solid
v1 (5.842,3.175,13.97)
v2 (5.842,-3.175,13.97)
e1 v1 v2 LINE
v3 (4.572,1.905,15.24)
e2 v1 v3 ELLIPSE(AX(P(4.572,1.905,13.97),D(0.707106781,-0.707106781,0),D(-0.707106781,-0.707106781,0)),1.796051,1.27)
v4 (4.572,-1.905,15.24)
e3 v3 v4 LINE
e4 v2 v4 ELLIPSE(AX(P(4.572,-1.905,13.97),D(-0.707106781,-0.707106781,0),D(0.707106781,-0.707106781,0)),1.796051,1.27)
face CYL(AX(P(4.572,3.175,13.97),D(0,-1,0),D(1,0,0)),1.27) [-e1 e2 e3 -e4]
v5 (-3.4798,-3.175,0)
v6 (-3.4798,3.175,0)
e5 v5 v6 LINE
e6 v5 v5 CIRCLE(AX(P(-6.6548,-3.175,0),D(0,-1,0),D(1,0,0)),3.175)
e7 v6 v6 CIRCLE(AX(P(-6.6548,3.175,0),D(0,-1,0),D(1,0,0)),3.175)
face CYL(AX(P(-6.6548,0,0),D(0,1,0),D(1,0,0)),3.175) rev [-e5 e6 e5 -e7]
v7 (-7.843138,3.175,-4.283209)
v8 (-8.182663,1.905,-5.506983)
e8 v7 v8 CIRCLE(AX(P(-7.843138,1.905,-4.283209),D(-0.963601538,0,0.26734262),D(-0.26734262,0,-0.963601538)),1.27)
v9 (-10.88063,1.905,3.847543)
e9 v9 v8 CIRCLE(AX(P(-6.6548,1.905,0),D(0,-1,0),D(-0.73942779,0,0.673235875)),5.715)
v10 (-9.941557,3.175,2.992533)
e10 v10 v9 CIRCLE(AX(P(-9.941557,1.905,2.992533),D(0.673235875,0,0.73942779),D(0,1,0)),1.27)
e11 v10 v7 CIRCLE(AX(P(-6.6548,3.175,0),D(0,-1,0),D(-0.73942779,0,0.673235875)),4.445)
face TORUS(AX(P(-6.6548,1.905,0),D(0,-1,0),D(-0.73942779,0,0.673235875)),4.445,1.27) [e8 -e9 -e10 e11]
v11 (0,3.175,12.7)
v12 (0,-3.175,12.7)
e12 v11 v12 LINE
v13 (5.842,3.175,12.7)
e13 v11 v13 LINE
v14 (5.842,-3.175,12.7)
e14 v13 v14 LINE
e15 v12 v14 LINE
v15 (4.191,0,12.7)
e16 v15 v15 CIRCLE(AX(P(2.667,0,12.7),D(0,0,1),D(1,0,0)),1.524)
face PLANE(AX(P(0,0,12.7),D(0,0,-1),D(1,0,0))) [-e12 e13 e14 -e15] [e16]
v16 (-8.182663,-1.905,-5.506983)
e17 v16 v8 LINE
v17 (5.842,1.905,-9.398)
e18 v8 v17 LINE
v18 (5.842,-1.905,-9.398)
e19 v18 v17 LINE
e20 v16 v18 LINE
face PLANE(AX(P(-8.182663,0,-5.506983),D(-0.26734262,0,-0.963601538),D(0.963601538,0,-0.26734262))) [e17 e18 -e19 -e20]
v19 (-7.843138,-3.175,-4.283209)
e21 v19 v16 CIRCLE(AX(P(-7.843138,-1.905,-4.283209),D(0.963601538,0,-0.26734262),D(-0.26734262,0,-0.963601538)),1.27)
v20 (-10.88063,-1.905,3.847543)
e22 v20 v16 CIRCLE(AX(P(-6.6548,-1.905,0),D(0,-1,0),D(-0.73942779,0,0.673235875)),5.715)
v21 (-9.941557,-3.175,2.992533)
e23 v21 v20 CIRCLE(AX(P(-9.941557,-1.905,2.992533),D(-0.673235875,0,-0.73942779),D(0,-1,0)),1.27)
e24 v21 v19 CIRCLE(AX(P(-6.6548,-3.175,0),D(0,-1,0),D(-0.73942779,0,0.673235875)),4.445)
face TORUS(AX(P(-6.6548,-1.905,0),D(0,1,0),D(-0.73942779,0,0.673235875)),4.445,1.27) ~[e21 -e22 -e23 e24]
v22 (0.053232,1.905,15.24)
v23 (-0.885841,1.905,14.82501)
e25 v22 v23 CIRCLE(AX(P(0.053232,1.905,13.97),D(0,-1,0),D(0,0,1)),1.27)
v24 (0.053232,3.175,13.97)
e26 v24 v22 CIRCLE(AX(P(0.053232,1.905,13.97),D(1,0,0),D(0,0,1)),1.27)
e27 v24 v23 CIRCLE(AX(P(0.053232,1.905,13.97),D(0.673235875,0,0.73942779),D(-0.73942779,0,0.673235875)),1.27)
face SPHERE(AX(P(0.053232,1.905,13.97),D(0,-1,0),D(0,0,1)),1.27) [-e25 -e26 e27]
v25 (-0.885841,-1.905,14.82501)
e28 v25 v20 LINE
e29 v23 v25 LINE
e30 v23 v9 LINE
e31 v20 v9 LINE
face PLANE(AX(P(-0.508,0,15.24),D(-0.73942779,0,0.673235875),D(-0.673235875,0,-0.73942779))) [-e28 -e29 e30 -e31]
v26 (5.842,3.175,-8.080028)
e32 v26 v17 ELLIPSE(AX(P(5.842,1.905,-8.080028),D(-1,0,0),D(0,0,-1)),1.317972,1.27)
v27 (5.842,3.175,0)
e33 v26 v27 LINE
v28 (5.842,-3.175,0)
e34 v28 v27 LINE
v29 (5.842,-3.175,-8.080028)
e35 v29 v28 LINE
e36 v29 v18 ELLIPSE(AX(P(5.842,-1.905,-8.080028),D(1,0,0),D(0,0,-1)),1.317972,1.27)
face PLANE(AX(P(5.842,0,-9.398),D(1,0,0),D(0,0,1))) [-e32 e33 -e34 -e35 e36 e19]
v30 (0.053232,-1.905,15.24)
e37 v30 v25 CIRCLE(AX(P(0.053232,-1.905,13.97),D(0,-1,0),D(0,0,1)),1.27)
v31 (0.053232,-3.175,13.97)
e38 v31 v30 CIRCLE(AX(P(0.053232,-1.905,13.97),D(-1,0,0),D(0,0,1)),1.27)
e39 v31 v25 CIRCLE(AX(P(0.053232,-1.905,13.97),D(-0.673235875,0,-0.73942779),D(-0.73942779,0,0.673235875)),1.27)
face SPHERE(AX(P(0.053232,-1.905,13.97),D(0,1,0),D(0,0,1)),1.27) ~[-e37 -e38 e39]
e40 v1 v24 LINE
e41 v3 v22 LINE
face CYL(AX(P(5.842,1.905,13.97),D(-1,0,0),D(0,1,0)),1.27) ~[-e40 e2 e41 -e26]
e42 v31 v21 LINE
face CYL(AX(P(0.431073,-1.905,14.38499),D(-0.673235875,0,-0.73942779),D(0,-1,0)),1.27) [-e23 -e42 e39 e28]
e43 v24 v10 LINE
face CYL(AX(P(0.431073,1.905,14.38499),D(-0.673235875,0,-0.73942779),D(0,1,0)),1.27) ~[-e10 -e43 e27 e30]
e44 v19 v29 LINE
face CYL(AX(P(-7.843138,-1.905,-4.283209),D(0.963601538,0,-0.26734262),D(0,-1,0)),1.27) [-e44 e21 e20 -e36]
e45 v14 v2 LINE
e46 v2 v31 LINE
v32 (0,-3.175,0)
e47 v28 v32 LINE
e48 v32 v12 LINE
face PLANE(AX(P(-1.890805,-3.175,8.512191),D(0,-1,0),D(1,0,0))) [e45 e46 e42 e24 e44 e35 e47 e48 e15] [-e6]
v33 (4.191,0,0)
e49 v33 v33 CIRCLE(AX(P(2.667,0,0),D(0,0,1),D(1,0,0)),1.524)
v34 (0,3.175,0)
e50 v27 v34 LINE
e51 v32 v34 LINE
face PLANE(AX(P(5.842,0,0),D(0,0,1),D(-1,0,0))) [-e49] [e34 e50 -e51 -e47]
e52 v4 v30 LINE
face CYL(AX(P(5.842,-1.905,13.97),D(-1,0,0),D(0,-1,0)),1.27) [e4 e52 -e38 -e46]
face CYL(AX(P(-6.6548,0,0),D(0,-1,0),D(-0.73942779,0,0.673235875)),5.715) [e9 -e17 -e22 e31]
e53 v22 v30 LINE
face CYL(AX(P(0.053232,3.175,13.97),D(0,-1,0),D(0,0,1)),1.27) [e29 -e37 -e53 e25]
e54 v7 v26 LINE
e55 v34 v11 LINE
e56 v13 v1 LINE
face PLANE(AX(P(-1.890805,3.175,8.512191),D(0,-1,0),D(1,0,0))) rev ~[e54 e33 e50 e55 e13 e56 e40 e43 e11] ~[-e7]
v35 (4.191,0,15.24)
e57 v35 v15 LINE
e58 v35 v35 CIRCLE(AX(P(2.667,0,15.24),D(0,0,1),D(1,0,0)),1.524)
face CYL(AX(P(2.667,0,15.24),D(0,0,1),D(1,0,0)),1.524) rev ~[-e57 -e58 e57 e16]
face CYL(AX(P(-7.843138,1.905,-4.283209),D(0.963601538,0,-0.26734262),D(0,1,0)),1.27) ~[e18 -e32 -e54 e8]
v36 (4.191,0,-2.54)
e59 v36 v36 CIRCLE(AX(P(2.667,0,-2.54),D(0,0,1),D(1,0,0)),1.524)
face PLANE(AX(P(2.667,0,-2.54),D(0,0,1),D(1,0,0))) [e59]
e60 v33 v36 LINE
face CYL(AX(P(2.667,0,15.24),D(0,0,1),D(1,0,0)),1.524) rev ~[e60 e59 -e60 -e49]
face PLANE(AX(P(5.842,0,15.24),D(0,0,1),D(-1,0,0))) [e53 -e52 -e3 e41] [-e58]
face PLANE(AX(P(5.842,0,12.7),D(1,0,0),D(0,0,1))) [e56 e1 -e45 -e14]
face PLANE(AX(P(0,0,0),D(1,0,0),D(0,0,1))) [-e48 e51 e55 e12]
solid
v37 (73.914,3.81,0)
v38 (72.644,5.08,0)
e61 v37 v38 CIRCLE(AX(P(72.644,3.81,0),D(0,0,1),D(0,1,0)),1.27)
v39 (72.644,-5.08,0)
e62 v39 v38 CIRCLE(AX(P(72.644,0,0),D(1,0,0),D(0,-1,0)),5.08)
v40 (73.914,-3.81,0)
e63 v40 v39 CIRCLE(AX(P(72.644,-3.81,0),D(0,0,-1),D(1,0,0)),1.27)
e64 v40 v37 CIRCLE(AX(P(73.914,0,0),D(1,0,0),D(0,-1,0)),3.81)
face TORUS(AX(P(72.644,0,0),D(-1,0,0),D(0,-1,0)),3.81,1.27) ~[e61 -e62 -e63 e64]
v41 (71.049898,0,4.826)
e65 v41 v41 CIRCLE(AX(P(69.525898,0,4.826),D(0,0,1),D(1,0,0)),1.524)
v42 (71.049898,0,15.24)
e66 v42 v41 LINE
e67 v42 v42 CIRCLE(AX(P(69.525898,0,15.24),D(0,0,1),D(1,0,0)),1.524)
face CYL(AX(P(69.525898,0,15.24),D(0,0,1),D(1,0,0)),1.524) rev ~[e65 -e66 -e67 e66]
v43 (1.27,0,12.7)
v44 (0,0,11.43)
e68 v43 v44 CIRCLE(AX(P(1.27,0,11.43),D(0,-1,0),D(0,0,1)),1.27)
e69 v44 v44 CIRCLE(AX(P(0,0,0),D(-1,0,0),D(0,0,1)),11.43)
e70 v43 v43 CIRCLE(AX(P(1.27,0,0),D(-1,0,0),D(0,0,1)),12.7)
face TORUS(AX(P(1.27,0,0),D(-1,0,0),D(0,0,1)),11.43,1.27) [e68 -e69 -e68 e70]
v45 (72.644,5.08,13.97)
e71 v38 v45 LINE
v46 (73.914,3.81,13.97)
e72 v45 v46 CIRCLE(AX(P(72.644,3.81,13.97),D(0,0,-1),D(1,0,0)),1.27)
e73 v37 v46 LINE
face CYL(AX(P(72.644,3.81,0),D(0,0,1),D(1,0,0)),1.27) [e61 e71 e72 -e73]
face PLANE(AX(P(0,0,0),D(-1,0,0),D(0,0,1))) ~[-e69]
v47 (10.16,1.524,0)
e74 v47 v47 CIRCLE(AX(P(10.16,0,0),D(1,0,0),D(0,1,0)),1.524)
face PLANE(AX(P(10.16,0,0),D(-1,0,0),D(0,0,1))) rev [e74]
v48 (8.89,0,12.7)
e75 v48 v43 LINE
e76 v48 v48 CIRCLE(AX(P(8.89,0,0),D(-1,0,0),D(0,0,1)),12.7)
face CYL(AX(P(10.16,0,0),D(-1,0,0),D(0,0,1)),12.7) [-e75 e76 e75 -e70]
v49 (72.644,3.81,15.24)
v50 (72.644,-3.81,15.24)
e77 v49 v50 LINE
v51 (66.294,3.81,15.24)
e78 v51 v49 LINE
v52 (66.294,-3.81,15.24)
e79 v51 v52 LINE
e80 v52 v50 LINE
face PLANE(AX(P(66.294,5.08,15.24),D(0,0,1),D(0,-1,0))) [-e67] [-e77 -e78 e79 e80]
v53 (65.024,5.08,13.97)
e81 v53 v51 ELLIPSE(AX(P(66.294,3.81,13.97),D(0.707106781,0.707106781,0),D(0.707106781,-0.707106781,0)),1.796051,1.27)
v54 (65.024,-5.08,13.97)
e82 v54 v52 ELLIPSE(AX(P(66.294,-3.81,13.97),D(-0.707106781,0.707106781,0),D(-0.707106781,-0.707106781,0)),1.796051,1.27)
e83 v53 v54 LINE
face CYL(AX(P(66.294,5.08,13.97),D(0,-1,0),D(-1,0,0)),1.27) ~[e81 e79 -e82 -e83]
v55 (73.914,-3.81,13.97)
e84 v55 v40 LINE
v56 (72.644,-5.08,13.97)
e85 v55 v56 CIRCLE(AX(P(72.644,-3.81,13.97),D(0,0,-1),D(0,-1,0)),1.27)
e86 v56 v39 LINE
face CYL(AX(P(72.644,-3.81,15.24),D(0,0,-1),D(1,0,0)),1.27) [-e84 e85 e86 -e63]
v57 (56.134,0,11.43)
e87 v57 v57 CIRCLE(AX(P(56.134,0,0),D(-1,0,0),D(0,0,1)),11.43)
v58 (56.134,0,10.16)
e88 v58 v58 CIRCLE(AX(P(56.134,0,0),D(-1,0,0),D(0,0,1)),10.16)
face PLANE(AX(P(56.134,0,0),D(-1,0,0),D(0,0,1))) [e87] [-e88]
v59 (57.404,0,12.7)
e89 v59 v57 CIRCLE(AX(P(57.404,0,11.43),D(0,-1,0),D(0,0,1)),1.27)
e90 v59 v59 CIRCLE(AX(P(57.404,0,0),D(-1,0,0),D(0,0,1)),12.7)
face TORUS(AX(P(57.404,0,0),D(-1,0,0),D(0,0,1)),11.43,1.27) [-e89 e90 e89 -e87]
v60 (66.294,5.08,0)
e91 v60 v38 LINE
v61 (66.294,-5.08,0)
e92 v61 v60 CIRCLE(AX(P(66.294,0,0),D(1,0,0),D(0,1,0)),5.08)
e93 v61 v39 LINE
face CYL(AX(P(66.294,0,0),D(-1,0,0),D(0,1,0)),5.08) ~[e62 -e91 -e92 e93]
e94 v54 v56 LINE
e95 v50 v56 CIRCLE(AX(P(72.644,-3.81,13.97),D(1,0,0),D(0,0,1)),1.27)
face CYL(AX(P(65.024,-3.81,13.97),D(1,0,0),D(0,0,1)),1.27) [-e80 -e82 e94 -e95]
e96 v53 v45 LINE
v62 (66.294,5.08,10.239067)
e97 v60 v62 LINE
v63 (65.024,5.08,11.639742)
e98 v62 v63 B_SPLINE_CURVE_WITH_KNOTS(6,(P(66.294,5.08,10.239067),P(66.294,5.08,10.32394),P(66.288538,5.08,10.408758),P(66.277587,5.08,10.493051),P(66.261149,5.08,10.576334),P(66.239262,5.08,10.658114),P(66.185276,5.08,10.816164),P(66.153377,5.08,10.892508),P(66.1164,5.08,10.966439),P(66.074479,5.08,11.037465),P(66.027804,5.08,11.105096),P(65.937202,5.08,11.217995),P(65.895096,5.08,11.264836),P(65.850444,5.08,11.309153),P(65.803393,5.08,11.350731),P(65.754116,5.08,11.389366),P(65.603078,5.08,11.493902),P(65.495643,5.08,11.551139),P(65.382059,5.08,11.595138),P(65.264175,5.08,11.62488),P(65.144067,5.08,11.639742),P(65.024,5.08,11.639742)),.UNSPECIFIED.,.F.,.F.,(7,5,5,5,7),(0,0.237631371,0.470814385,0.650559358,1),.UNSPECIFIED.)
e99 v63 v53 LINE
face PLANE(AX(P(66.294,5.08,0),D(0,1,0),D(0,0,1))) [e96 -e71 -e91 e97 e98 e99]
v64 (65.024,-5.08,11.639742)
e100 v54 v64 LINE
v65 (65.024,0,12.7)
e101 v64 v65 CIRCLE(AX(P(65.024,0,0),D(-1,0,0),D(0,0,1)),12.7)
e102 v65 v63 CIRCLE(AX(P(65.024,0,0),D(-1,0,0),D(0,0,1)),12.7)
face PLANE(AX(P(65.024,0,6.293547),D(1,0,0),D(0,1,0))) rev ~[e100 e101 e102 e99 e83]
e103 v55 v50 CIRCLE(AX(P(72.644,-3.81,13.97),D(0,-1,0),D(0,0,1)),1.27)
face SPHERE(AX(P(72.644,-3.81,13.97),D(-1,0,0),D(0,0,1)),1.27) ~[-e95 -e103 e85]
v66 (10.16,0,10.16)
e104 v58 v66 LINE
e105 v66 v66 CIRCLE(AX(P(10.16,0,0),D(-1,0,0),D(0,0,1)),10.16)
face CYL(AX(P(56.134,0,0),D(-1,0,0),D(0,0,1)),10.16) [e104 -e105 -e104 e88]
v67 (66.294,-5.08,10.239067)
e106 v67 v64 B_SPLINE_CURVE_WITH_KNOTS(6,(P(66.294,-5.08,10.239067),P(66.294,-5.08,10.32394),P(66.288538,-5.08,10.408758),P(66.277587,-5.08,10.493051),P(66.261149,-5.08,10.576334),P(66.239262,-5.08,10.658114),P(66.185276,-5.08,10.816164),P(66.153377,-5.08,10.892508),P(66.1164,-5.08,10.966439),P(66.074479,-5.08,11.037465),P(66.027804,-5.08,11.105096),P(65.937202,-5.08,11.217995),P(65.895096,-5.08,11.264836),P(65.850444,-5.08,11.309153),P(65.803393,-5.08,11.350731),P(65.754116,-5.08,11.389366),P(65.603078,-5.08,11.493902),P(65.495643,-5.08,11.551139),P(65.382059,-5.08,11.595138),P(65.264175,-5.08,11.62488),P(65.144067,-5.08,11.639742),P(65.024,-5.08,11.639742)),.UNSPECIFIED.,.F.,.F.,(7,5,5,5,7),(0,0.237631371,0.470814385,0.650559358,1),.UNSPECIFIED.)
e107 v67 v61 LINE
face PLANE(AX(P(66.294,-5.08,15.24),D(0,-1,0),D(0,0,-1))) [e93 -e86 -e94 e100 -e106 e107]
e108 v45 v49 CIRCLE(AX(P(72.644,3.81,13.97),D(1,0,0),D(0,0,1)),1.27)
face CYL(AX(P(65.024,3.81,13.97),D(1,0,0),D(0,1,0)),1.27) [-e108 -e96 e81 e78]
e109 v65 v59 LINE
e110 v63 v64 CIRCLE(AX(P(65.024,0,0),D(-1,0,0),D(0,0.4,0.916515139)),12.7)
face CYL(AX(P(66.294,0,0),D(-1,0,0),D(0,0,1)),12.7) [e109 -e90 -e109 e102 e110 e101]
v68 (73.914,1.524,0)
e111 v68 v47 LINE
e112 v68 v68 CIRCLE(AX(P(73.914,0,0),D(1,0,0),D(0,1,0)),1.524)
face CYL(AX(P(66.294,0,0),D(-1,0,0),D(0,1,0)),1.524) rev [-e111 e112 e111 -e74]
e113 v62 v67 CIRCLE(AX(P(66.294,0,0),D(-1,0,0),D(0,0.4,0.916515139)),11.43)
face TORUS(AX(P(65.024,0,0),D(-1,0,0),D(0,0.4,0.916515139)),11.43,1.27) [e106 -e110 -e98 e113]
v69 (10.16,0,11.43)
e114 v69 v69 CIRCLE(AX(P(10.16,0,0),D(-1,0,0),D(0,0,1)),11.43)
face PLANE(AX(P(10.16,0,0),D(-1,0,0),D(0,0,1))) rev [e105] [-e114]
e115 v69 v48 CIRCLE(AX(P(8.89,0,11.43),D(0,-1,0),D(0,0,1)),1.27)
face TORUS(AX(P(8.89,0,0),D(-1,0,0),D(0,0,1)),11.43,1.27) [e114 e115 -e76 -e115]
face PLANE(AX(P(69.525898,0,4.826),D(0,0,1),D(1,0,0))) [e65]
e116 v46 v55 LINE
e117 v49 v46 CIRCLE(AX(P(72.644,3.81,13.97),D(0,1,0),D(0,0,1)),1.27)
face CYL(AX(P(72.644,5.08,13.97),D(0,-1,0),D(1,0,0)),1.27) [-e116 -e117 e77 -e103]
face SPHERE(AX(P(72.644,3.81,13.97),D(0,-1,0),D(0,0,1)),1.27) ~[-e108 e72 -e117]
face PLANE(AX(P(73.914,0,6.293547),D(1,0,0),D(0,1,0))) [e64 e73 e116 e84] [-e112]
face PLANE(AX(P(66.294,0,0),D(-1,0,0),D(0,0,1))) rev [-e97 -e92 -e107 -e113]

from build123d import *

# Parameters (mm, degrees)
F0_W          = 5.842
F0_H          = 12.7
F0_R          = 3.175
F2_DEPTH      = 3.175
F3_R          = 1.524
F4_DEPTH      = 7.62
F4_DEPTH_BACK = 1.27
F5_DEPTH      = 56.134
F6_R          = 1.524
F7_DEPTH      = 17.78
F8_DEPTH      = 10.414
F9_R          = 1.27
F10_R         = 1.27
F11_R         = 1.27


with BuildPart() as f1:
    # F0 (on Front) → F1 (revolve)
    with BuildSketch(Plane.XZ):
        Polygon((5.842, 12.7), (5.842, 0), (66.294, 0), (66.294, 12.7), (56.134, 12.7), (56.134, 10.16), (10.16, 10.16), (10.16, 12.7), align=None)
        with Locations((2.921, 6.35)):
            Rectangle(F0_W, F0_H)
    revolve(axis=Axis((33.147, 0, 0), (-1, 0, 0)))

    # F3 (on face) → F4 (join, two sides)
    with BuildSketch(Plane.YZ.offset(66.294)) as f4_sk:
        with BuildLine():
            ThreePointArc((-5.08, 0), (0, 5.08), (5.08, 0))
            Line((5.08, 0), (5.08, 11.6397422652))
            ThreePointArc((5.08, 11.6397422652), (0, 12.7), (-5.08, 11.6397422652))
            Line((-5.08, 11.6397422652), (-5.08, 0))
        make_face()
        with BuildLine():
            ThreePointArc((-5.08, 11.6397422652), (0, 12.7), (5.08, 11.6397422652))
            Line((5.08, 11.6397422652), (5.08, 15.24))
            Line((5.08, 15.24), (-5.08, 15.24))
            Line((-5.08, 15.24), (-5.08, 11.6397422652))
        make_face()
        with BuildLine():
            ThreePointArc((-5.08, 0), (0, -5.08), (5.08, 0))
            ThreePointArc((5.08, 0), (0, 5.08), (-5.08, 0))
        make_face()
        Circle(F3_R, mode=Mode.SUBTRACT)
    extrude(amount=F4_DEPTH)
    extrude(f4_sk.sketch, amount=-F4_DEPTH_BACK)

    # F5 (cut, through all): a face of the model
    f5_faces = [f1.faces().sort_by_distance(p)[0] for p in [
        (66.294, 0, 0),
    ]]
    extrude(f5_faces, amount=-F5_DEPTH, mode=Mode.SUBTRACT)

    # F6 (on face) → F8 (cut)
    with BuildSketch(Plane.XY.offset(15.24)):
        with Locations((69.5258975029, 0)):
            Circle(F6_R)
    extrude(amount=-F8_DEPTH, mode=Mode.SUBTRACT)

    # F9
    f9_edges = [f1.edges().sort_by_distance(p)[0] for p in [
        (10.16, 0, -12.7),
        (0, 0, -12.7),
        (56.134, 0, -12.7),
        (66.294, 0, -12.7),
    ]]
    fillet(f9_edges, radius=F9_R)

    # F11
    f11_edges = [f1.edges().sort_by_distance(p)[0] for p in [
        (65.024, 0, 15.24),
        (69.469, -5.08, 15.24),
        (73.914, 0, 15.24),
        (69.469, 5.08, 15.24),
        (73.914, -5.08, 7.62),
        (73.914, 5.08, 7.62),
    ]]
    fillet(f11_edges, radius=F11_R)


with BuildPart() as f2:
    # F0 (on Front) → F2 (new body, symmetric)
    with BuildSketch(Plane.XZ):
        with BuildLine():
            Line((-0.9398, 0), (0, 0))
            Line((0, 0), (0, 12.7))
            Line((0, 12.7), (5.842, 12.7))
            Line((5.842, 12.7), (5.842, 15.24))
            Line((5.842, 15.24), (-0.508, 15.24))
            Line((-0.508, 15.24), (-10.8806298187, 3.8475430269))
            ThreePointArc((-10.8806298187, 3.8475430269), (-4.5919612295, 5.3297205562), (-0.9398, 0))
        make_face()
        with BuildLine():
            Line((5.842, 0), (0, 0))
            Line((0, 0), (-0.9398, 0))
            ThreePointArc((-0.9398, 0), (-3.1957909266, -4.5493385486), (-8.1826630726, -5.5069827884))
            Line((-8.1826630726, -5.5069827884), (5.842, -9.398))
            Line((5.842, -9.398), (5.842, 0))
        make_face()
        with BuildLine():
            ThreePointArc((-8.1826630726, -5.5069827884), (-3.1957909266, -4.5493385486), (-0.9398, 0))
            ThreePointArc((-0.9398, 0), (-4.5919612295, 5.3297205562), (-10.8806298187, 3.8475430269))
            ThreePointArc((-10.8806298187, 3.8475430269), (-12.1459778134, -1.5837270034), (-8.1826630726, -5.5069827884))
        make_face()
        with Locations((-6.6548, 0)):
            Circle(F0_R, mode=Mode.SUBTRACT)
    extrude(amount=F2_DEPTH, both=True)

    # F6 (on face) → F7 (cut)
    with BuildSketch(Plane.XY.offset(15.24)):
        with Locations((2.667, 0)):
            Circle(F6_R)
    extrude(amount=-F7_DEPTH, mode=Mode.SUBTRACT)

    # F10
    f10_edges = [f2.edges().sort_by_distance(p)[0] for p in [
        (5.842, 0, 15.24),
        (2.667, 3.175, 15.24),
        (2.667, -3.175, 15.24),
        (-5.694315, -3.175, 9.543772),
        (-5.694315, 3.175, 9.543772),
        (-0.508, 0, 15.24),
    ]]
    fillet(f10_edges, radius=F10_R)


solid = Compound([f1.part, f2.part])
